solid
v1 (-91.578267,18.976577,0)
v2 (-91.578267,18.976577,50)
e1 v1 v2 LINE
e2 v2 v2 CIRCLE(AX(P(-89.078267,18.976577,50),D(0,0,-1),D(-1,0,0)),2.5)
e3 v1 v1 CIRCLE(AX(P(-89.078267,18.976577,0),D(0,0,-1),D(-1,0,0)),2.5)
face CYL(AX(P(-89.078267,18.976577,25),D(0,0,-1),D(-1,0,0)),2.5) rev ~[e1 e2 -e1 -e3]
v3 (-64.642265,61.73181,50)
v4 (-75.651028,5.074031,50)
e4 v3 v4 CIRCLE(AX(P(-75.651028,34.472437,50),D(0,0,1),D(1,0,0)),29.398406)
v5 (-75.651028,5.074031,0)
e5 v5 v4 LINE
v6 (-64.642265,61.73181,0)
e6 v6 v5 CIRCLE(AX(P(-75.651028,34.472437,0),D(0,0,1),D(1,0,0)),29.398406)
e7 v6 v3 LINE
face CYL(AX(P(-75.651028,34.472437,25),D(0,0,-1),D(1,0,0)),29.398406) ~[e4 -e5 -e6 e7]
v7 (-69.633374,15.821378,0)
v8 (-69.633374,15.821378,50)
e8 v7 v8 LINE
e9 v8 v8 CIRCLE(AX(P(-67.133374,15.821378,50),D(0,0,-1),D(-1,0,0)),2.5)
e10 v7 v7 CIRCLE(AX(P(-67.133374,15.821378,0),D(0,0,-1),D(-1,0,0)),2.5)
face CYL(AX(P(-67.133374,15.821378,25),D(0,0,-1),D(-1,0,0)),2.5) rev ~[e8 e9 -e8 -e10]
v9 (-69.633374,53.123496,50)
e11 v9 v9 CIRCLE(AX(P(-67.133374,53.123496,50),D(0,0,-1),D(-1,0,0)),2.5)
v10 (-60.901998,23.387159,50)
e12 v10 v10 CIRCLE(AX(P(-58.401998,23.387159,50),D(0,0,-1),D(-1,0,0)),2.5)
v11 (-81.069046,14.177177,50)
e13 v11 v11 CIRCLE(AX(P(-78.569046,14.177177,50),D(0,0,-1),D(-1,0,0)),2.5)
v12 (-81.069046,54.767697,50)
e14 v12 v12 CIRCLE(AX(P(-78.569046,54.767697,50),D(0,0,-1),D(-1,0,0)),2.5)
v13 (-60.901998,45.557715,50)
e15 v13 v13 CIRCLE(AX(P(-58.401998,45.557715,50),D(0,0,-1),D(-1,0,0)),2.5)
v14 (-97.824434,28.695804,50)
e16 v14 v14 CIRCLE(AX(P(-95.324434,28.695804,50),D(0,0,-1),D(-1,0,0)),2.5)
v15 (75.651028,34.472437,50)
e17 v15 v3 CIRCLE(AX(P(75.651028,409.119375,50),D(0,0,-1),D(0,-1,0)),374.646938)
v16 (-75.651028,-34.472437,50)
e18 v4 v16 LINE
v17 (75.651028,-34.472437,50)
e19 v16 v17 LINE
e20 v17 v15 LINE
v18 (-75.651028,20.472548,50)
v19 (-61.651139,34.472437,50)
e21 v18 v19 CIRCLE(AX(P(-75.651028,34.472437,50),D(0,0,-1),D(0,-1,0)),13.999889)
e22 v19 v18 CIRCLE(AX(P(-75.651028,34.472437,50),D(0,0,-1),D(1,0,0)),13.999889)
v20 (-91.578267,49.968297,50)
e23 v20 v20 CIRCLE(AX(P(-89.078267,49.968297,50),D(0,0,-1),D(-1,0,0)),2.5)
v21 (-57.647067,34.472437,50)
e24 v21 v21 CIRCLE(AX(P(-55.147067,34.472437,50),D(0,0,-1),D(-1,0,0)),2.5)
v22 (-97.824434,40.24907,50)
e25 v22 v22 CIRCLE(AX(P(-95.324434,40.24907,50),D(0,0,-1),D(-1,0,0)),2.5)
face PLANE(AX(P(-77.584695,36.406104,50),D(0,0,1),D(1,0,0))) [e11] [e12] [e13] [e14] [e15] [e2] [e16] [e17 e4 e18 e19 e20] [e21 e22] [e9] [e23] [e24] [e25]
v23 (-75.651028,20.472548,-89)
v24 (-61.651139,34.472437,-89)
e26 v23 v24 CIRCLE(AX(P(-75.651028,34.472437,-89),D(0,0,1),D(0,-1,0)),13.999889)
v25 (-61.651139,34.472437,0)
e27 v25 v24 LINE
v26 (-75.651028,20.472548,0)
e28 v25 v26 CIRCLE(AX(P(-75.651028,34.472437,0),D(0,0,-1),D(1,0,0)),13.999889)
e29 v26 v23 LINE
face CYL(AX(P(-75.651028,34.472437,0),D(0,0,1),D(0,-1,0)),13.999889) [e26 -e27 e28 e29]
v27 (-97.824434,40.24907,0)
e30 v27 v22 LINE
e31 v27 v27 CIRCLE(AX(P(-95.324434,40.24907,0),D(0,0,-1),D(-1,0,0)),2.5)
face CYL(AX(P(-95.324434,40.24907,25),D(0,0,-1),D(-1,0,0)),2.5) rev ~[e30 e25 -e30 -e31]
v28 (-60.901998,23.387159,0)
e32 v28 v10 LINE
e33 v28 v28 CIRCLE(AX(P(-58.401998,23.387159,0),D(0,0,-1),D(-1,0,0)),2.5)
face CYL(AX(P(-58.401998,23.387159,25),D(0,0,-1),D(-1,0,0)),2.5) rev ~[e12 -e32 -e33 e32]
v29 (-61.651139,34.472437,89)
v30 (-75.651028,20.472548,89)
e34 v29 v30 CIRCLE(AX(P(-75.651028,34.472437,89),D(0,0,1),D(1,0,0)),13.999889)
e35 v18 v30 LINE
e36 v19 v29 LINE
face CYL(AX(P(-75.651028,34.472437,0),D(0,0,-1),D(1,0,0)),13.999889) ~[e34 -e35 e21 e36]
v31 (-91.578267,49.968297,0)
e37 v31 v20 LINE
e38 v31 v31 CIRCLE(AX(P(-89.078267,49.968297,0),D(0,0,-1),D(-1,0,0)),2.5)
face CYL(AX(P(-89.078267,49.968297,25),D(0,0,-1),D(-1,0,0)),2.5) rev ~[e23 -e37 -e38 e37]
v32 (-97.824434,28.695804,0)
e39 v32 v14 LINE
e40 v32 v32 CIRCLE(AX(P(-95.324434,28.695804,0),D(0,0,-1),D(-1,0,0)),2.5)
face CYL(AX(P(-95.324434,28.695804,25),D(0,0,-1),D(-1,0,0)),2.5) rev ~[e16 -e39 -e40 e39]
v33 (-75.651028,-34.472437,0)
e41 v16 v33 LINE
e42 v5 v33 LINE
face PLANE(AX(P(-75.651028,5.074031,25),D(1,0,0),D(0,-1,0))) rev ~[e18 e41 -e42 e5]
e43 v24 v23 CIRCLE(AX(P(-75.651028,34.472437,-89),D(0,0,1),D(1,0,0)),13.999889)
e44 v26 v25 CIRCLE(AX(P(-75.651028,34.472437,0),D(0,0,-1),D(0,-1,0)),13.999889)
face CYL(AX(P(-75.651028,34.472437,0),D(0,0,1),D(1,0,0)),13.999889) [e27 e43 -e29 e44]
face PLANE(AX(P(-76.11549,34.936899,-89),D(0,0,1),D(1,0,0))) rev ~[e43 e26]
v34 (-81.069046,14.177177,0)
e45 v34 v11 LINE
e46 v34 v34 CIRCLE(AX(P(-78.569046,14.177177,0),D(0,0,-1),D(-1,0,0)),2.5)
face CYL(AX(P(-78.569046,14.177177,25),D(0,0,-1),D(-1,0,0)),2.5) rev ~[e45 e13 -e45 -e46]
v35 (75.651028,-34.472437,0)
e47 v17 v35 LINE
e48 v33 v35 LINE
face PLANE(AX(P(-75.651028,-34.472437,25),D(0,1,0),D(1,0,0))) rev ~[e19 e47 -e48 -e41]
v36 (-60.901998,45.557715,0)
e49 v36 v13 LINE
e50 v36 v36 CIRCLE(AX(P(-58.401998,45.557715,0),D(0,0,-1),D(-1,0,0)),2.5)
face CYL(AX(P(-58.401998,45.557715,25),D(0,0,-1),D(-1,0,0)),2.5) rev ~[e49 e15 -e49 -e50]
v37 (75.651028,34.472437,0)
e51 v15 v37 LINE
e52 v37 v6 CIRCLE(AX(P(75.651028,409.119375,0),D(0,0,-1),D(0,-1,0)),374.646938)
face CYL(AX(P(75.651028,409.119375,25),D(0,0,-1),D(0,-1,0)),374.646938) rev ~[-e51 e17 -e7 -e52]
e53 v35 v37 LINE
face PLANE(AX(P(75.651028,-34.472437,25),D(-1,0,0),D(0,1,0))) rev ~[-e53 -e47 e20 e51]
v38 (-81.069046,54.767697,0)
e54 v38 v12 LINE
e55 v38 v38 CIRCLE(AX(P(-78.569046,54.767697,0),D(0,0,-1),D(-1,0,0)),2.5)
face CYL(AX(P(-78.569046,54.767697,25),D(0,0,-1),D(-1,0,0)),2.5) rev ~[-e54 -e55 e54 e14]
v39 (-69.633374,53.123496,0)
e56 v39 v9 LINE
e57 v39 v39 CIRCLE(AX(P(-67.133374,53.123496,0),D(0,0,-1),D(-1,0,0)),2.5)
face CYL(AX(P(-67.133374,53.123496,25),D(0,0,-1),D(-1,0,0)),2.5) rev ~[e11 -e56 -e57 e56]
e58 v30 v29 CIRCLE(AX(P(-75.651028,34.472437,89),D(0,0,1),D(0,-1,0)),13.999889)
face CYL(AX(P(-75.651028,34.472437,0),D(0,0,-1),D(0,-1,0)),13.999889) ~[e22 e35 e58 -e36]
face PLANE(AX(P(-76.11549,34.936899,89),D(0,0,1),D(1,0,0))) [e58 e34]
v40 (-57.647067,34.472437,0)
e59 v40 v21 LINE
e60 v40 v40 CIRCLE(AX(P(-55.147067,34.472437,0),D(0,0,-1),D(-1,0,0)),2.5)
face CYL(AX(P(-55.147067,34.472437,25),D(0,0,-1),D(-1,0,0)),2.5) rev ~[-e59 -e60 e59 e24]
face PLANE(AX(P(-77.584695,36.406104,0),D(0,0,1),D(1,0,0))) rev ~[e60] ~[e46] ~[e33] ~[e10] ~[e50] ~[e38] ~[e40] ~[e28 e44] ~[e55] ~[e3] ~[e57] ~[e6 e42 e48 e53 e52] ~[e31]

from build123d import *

# Parameters (mm, degrees)
F1_DEPTH = 25
F2_DEPTH = 89
F4_D     = 5
F5_DEPTH = 25


with BuildPart() as f1:
    # F0 (on Top) → F1 (new body)
    with BuildSketch(Plane.XY):
        with BuildLine():
            ThreePointArc((-64.6422651169, 61.7318101091), (-104.509721445, 40.0797605591), (-75.6510277108, 5.0740307461))
            Line((-75.6510277108, 5.0740307461), (-75.6510277108, 20.4725478984))
            ThreePointArc((-75.6510277108, 20.4725478984), (-85.5504441422, 44.3718533068), (-61.6511387339, 34.4724368753))
            Line((-61.6511387339, 34.4724368753), (-46.2526215815, 34.4724368753))
            ThreePointArc((-46.2526215815, 34.4724368753), (-51.279873074, 50.91363831), (-64.6422651169, 61.7318101091))
        make_face()
        with BuildLine():
            Line((-46.2526215815, 34.4724368753), (75.6510277108, 34.4724368753))
            ThreePointArc((75.6510277108, 34.4724368753), (4.192505753, 41.3504150705), (-64.6422651169, 61.7318101091))
            ThreePointArc((-64.6422651169, 61.7318101091), (-51.279873074, 50.91363831), (-46.2526215815, 34.4724368753))
        make_face()
        with BuildLine():
            Line((-75.6510277108, 20.4725478984), (-75.6510277108, 5.0740307461))
            ThreePointArc((-75.6510277108, 5.0740307461), (-54.8632153807, 13.6846245453), (-46.2526215815, 34.4724368753))
            Line((-46.2526215815, 34.4724368753), (-61.6511387339, 34.4724368753))
            ThreePointArc((-61.6511387339, 34.4724368753), (-65.7516112793, 24.5730204439), (-75.6510277108, 20.4725478984))
        make_face()
        with BuildLine():
            Line((-75.6510277108, -34.4724368753), (75.6510277108, -34.4724368753))
            Line((75.6510277108, -34.4724368753), (75.6510277108, 34.4724368753))
            Line((75.6510277108, 34.4724368753), (-46.2526215815, 34.4724368753))
            ThreePointArc((-46.2526215815, 34.4724368753), (-54.8632153807, 13.6846245453), (-75.6510277108, 5.0740307461))
            Line((-75.6510277108, 5.0740307461), (-75.6510277108, -34.4724368753))
        make_face()
    extrude(amount=F1_DEPTH)

    # F0 (on Top) → F2 (join, symmetric)
    with BuildSketch(Plane.XY):
        with BuildLine():
            ThreePointArc((-61.6511387339, 34.4724368753), (-85.5504441422, 44.3718533068), (-75.6510277108, 20.4725478984))
            Line((-75.6510277108, 20.4725478984), (-75.6510277108, 34.4724368753))
            Line((-75.6510277108, 34.4724368753), (-61.6511387339, 34.4724368753))
        make_face()
        with BuildLine():
            Line((-75.6510277108, 34.4724368753), (-75.6510277108, 20.4725478984))
            ThreePointArc((-75.6510277108, 20.4725478984), (-65.7516112793, 24.5730204439), (-61.6511387339, 34.4724368753))
            Line((-61.6511387339, 34.4724368753), (-75.6510277108, 34.4724368753))
        make_face()
    extrude(amount=F2_DEPTH, both=True)

    # F4 (through all)
    with Locations(Plane.XY.offset(25)):
        with Locations((-78.5690456042, 54.7676971151), (-67.133374486, 53.123495831), (-58.4019980838, 45.5577151106), (-55.1470667124, 34.4724368753), (-58.4019980838, 23.3871586401), (-67.133374486, 15.8213779197), (-78.5690456042, 14.1771766356), (-89.078266659, 18.9765770782), (-95.32443422, 28.6958035179), (-95.32443422, 40.2490702328), (-89.078266659, 49.9682966725)):
            Hole(F4_D / 2)

    # F5 (add): a face of the model
    f5_faces = [f1.faces().sort_by_distance(p)[0] for p in [
        (-9.2870203621, 6.9469719562, 25),
    ]]
    extrude(f5_faces, amount=F5_DEPTH)


solid = f1.part
